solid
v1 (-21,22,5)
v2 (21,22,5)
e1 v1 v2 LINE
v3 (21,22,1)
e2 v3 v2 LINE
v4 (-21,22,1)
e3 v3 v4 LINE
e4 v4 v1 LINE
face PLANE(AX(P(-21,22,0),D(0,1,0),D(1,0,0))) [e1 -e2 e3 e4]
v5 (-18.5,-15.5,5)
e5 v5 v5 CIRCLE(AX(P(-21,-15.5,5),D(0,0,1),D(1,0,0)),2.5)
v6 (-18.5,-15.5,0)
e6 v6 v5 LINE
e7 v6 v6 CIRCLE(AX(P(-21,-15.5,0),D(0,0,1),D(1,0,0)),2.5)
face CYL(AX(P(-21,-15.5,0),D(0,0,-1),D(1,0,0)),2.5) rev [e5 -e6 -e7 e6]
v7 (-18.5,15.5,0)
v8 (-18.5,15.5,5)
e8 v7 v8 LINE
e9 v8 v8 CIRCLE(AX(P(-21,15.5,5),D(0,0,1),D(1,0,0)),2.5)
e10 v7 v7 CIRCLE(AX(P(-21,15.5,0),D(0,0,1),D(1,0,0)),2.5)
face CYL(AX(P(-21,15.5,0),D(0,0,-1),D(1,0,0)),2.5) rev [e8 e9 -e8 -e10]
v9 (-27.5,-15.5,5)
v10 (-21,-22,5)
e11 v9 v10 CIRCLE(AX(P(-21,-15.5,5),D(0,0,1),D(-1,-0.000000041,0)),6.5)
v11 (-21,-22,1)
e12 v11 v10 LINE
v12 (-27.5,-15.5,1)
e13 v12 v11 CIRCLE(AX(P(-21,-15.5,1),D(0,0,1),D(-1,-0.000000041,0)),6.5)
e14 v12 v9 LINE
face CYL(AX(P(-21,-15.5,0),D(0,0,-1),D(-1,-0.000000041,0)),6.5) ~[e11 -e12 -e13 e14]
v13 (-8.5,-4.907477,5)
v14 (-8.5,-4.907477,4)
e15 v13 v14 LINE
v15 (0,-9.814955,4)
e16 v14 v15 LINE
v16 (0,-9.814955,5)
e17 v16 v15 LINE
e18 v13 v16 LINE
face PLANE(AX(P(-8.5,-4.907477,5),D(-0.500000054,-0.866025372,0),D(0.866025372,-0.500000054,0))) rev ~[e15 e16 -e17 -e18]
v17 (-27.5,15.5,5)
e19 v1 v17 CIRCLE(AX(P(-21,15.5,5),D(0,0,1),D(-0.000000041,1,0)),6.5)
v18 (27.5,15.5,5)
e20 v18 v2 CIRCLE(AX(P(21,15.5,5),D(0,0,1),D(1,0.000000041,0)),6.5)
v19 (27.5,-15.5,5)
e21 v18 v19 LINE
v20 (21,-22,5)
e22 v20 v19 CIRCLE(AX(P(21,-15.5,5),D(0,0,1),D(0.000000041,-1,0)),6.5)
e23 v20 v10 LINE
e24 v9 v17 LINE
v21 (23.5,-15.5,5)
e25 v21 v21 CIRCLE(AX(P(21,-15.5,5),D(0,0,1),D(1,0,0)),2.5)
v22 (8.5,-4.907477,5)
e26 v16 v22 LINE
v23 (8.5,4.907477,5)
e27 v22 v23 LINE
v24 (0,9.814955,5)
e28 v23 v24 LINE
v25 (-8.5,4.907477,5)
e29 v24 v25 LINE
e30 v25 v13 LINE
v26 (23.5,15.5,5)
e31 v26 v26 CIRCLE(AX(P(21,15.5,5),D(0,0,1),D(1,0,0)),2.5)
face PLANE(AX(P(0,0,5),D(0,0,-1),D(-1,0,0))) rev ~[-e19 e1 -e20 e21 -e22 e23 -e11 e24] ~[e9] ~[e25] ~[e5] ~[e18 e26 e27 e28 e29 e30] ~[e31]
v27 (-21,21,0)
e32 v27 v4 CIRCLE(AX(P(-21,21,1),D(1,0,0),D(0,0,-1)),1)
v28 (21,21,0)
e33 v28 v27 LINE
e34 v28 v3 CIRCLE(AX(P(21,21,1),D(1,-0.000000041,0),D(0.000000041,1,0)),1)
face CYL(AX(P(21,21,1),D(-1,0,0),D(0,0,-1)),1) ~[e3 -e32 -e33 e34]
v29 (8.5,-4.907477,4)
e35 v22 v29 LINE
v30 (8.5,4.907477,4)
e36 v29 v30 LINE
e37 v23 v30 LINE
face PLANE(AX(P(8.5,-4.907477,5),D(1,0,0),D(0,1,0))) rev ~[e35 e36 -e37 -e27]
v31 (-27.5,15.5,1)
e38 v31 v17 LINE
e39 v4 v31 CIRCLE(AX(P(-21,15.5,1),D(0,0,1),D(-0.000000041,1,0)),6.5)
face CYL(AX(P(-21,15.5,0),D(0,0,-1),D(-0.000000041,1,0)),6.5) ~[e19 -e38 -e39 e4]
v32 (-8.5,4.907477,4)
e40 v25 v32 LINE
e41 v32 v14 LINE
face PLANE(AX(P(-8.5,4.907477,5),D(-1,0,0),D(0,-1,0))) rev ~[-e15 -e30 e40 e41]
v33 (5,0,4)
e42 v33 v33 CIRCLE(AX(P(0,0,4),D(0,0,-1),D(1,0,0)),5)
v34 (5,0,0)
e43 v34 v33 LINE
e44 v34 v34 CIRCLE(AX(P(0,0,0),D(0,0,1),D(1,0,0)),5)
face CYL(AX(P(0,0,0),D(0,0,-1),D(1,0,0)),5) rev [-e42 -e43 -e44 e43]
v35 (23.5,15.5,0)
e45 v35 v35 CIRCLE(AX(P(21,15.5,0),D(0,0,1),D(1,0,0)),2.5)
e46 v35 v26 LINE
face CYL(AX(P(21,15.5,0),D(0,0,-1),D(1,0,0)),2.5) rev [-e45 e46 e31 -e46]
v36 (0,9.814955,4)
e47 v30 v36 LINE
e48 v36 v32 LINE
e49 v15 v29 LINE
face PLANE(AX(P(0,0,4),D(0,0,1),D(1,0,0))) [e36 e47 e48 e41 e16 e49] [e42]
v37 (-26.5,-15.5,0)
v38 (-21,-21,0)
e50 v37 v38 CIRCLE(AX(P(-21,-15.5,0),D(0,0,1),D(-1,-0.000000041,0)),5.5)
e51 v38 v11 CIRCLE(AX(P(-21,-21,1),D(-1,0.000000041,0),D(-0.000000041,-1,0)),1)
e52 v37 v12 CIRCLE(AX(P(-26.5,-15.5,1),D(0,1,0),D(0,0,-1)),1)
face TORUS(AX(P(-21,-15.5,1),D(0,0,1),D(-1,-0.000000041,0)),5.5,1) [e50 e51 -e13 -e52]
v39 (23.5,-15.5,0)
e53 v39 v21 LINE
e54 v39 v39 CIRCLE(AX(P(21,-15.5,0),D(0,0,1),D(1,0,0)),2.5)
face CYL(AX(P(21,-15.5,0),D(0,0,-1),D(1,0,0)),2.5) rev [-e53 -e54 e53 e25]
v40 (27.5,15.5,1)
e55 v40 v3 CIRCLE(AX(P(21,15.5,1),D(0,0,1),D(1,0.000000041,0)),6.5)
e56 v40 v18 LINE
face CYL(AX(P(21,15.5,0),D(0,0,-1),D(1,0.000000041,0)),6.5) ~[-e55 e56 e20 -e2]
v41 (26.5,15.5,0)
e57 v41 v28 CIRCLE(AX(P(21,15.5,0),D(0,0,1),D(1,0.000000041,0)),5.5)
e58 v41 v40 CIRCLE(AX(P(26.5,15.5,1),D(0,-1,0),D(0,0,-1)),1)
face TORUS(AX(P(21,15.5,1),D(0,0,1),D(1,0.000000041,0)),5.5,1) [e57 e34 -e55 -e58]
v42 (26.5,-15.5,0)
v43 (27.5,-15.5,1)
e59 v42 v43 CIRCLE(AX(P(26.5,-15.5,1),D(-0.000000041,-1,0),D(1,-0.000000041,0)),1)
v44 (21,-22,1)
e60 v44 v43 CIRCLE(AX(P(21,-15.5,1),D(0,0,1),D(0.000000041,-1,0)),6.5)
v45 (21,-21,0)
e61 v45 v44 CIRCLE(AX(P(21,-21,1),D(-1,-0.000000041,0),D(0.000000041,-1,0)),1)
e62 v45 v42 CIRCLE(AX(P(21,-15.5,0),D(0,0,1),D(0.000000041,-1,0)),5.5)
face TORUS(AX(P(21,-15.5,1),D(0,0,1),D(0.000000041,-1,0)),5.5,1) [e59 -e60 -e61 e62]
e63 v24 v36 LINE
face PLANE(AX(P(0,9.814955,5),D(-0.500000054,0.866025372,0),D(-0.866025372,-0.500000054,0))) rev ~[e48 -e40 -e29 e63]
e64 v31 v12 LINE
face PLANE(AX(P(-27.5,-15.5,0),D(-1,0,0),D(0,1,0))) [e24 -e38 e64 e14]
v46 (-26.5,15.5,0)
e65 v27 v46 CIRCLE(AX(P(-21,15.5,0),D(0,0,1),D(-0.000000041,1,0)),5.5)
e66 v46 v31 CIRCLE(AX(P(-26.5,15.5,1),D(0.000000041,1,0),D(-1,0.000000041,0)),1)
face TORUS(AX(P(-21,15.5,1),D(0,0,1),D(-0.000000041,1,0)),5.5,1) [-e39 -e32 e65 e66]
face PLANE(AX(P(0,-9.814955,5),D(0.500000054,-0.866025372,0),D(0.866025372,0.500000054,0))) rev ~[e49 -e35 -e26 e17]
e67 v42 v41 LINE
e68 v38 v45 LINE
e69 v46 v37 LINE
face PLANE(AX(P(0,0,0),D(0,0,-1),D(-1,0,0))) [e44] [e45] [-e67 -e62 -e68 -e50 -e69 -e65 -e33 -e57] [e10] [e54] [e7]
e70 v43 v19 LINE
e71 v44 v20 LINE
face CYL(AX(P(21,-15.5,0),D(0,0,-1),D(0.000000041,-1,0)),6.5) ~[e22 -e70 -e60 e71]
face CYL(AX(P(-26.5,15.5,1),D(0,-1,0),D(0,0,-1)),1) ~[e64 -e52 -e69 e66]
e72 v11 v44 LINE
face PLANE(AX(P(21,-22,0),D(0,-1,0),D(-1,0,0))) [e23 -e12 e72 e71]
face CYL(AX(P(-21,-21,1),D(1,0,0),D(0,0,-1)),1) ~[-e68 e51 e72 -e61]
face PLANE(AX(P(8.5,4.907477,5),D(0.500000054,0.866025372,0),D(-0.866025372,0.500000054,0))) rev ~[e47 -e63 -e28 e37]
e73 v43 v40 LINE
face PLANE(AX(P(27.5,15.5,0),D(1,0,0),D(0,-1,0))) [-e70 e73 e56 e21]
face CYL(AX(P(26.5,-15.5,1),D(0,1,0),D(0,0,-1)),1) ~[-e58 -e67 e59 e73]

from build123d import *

# Parameters (mm, degrees)
SKETCH_R     = 5
SKETCH_R_2   = 2.5
PAD_DEPTH    = 5
POCKET_DEPTH = 1
FILLET_R     = 1


with BuildPart() as part:
    # Sketch → Pad (new body)
    with BuildSketch(Plane.XY):
        with BuildLine():
            Line((-21, 22), (21, 22))
            ThreePointArc((27.5, 15.5), (25.596194, 20.096194), (21, 22))
            Line((27.5, 15.5), (27.5, -15.5))
            ThreePointArc((21, -22), (25.596194, -20.096194), (27.5, -15.5))
            Line((21, -22), (-21, -22))
            ThreePointArc((-27.5, -15.5), (-25.596194, -20.096194), (-21, -22))
            Line((-27.5, -15.5), (-27.5, 15.5))
            ThreePointArc((-21, 22), (-25.596194, 20.096194), (-27.5, 15.5))
        make_face()
        Circle(SKETCH_R, mode=Mode.SUBTRACT)
        with Locations((-21, 15.5)):
            Circle(SKETCH_R_2, mode=Mode.SUBTRACT)
        with Locations((21, 15.5)):
            Circle(SKETCH_R_2, mode=Mode.SUBTRACT)
        with Locations((21, -15.5)):
            Circle(SKETCH_R_2, mode=Mode.SUBTRACT)
        with Locations((-21, -15.5)):
            Circle(SKETCH_R_2, mode=Mode.SUBTRACT)
    extrude(amount=PAD_DEPTH)

    # Sketch001 (on Face15 of Pad) → Pocket (cut)
    with BuildSketch(Plane.XY.offset(5)):
        Polygon((8.5, 4.907477), (0, 9.814955), (-8.5, 4.907477), (-8.5, -4.907477), (0, -9.814955), (8.5, -4.907477), align=None)
    extrude(amount=-POCKET_DEPTH, mode=Mode.SUBTRACT)

    # Fillet
    fillet_edges = [part.edges().sort_by_distance(p)[0] for p in [
        (25.596194, -20.096194, 0),
        (0, -22, 0),
        (27.5, 0, 0),
        (25.596194, 20.096194, 0),
        (0, 22, 0),
        (-25.596194, 20.096194, 0),
        (-27.5, 0, 0),
        (-25.596194, -20.096194, 0),
    ]]
    fillet(fillet_edges, radius=FILLET_R)


solid = part.part
